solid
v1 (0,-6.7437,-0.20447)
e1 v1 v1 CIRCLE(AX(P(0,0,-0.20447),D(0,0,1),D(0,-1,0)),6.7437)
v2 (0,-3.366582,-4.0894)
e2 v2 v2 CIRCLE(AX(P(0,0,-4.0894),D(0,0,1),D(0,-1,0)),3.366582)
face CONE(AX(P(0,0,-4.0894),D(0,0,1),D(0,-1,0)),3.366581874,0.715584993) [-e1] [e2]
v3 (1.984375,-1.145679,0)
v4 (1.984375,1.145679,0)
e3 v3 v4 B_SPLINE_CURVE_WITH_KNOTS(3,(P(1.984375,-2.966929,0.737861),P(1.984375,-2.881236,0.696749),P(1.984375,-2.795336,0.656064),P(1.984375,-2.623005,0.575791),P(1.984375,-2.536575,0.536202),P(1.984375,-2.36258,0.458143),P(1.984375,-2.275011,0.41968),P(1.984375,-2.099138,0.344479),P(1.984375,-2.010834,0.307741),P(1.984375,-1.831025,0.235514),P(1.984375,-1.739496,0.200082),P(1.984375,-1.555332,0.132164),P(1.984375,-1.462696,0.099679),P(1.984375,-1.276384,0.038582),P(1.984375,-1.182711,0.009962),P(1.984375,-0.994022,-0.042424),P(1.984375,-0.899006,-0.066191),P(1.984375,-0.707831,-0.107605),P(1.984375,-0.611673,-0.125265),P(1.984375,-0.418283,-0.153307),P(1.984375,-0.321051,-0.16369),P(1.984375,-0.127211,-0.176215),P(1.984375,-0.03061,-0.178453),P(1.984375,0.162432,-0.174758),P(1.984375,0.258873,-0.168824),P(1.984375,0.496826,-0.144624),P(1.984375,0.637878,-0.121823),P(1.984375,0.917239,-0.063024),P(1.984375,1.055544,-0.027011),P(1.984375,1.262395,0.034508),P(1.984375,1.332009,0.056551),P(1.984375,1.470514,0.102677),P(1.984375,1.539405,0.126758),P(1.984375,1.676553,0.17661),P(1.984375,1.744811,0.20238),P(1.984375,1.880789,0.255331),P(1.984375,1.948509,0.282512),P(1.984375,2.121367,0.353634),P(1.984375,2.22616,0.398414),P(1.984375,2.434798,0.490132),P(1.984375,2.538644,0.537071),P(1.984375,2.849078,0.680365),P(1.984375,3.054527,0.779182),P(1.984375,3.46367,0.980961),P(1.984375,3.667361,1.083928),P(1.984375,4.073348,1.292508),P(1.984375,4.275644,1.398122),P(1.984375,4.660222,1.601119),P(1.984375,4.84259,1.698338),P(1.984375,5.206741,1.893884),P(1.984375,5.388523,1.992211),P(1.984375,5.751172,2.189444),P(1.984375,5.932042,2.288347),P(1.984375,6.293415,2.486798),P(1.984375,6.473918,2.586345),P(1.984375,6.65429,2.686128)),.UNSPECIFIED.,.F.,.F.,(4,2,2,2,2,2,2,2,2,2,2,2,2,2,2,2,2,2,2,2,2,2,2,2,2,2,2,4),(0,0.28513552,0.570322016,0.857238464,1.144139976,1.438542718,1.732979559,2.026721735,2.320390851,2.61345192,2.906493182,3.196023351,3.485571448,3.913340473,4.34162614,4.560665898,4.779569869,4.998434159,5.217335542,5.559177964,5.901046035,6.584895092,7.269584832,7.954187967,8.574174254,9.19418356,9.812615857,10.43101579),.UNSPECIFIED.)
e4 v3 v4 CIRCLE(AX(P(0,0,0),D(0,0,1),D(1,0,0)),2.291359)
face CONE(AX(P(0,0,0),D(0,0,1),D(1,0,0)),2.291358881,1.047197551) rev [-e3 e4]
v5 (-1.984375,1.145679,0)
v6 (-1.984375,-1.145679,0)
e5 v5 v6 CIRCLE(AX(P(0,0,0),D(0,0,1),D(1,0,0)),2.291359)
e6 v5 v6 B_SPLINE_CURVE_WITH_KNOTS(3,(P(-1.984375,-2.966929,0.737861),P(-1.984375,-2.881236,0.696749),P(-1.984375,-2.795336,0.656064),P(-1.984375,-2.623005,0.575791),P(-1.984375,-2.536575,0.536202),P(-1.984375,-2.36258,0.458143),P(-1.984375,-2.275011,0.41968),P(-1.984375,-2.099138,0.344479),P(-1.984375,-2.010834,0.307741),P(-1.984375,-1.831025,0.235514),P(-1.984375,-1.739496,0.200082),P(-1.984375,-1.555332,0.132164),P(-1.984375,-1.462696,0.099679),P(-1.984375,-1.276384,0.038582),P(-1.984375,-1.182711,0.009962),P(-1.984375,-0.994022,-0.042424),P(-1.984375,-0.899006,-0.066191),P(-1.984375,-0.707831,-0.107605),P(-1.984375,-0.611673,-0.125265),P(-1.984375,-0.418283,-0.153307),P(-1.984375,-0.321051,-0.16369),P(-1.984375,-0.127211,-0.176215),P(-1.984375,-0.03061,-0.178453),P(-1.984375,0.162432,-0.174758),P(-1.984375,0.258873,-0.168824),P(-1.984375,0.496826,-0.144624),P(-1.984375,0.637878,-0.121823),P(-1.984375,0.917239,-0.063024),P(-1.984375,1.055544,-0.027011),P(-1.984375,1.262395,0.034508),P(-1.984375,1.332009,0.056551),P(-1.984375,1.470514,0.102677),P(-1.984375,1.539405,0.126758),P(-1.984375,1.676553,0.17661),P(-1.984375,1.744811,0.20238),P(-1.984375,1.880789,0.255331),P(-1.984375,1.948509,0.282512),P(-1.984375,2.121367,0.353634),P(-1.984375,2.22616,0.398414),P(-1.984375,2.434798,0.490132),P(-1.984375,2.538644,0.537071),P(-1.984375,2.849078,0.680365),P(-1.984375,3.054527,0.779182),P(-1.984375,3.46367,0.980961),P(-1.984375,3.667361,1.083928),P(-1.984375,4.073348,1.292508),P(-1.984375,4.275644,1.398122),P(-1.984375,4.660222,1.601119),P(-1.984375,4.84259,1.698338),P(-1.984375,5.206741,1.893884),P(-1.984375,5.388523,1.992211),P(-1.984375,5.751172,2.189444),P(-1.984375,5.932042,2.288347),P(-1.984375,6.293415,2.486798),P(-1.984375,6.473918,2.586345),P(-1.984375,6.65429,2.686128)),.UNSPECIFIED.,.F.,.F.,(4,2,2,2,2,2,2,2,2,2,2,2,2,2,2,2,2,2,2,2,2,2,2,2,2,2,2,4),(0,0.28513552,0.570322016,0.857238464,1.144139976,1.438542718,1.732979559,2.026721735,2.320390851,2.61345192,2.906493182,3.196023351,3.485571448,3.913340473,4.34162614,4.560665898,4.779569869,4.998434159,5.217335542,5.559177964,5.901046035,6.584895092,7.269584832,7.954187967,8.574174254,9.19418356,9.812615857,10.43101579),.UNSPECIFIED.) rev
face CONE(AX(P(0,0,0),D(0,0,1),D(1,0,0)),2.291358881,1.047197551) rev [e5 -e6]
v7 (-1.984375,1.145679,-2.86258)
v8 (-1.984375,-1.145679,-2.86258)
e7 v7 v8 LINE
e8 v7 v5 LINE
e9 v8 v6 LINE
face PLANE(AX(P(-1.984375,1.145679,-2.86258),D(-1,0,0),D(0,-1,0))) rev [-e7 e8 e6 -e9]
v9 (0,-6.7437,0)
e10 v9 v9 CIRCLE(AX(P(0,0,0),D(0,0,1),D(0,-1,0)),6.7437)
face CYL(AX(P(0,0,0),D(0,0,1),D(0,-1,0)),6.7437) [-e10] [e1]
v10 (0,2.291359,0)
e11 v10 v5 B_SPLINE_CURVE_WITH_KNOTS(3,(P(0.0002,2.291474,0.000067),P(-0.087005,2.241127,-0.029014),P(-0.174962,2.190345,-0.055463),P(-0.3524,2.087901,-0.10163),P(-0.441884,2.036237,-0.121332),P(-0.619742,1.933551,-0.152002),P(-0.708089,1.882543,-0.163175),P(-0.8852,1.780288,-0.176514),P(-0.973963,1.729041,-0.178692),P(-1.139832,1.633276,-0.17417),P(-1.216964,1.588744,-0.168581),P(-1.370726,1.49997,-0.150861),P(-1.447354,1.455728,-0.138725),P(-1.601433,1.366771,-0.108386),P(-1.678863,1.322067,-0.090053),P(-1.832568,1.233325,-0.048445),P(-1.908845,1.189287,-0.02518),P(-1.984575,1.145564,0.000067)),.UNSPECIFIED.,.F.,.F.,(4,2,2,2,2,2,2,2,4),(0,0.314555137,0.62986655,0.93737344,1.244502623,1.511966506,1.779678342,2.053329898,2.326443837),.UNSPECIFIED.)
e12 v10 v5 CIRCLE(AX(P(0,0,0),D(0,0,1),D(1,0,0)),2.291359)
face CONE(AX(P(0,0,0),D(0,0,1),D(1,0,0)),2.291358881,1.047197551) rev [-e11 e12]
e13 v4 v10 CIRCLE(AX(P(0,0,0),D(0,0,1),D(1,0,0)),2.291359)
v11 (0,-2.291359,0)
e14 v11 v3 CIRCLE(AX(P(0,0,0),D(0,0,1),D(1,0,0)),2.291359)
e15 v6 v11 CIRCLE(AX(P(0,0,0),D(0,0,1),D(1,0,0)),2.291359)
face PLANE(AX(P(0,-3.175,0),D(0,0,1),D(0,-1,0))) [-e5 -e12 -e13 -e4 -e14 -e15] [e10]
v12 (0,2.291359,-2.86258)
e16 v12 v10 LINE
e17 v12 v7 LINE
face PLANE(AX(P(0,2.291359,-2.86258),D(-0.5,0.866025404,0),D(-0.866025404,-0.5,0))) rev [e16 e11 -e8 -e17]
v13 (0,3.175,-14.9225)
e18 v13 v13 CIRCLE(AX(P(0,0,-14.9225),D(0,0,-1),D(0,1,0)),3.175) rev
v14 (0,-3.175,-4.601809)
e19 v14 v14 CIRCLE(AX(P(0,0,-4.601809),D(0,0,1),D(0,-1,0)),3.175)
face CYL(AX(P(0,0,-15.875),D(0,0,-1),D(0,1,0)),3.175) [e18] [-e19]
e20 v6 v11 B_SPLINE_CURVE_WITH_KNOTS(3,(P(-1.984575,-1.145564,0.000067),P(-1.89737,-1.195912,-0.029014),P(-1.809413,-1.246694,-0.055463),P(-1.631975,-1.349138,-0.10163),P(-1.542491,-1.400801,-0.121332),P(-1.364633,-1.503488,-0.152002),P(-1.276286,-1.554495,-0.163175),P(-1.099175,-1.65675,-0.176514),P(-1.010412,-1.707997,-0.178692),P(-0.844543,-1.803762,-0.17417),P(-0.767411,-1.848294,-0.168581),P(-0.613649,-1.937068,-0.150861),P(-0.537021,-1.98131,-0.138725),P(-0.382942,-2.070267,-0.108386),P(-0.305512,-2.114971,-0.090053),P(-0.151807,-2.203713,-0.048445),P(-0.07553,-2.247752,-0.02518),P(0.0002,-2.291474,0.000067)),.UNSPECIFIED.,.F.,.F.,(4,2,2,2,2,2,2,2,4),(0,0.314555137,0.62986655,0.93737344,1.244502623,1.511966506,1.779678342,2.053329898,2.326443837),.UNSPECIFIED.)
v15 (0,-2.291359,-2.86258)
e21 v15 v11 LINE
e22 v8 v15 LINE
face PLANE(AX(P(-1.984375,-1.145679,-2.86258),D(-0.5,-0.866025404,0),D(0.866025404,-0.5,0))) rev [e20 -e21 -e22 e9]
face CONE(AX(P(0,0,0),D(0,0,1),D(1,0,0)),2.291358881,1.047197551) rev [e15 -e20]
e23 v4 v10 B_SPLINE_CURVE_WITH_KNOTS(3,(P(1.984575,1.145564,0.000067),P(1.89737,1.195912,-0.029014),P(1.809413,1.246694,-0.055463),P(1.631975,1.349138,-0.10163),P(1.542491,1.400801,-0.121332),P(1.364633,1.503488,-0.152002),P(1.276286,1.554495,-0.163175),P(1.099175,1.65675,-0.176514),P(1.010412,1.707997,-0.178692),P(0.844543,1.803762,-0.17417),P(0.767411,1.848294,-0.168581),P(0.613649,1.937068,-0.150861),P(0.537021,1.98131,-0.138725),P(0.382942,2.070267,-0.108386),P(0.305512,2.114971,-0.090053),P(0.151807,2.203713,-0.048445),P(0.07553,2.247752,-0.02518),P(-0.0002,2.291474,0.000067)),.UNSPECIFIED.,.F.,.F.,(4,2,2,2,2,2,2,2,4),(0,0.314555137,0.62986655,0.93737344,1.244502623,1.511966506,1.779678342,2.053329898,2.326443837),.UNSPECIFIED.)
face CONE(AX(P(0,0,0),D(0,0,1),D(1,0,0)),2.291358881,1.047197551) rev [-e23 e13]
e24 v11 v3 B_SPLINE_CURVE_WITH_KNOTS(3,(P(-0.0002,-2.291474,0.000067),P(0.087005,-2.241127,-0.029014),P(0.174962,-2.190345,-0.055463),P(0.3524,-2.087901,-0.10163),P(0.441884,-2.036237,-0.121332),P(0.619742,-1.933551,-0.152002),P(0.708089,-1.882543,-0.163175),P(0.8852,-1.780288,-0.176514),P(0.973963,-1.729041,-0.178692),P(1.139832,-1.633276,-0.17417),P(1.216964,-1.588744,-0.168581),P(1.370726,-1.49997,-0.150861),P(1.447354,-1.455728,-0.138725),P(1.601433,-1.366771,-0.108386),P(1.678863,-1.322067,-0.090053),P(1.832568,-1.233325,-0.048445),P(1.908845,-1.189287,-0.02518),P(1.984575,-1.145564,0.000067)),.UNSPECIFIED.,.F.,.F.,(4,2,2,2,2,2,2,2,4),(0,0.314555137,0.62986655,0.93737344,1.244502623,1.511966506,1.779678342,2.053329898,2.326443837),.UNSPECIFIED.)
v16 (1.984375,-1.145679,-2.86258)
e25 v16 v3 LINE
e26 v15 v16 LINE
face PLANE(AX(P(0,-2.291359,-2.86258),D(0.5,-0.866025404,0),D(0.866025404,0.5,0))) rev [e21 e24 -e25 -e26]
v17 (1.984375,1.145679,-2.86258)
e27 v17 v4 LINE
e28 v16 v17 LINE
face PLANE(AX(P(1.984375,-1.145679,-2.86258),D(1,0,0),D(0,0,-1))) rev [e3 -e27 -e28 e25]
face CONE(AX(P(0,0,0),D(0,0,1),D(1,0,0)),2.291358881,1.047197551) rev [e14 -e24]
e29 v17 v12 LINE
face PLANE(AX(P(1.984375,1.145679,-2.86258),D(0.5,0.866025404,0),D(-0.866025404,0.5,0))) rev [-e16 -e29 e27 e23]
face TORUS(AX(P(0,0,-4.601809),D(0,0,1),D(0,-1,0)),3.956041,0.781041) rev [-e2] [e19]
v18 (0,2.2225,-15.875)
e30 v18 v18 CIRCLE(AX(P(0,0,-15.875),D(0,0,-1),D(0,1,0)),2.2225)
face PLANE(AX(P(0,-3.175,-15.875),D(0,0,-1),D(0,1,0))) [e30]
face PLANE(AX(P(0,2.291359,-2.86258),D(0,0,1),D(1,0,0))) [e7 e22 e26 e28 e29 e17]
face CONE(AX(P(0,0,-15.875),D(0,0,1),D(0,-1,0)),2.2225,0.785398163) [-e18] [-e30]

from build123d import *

# Parameters (mm, degrees)
SKETCH1_W          = 15.875
SKETCH1_H          = 3.175
CHAMFER1_SIZE      = 0.9525
CUT_EXTRUDE2_DEPTH = 2.86258


with BuildPart() as part:
    # Sketch1 → Revolve1 (revolve)
    with BuildSketch(Plane(origin=(0, 0, 0), x_dir=(0, 0, -1), z_dir=(1, 0, 0))):
        with Locations((7.9375, 1.5875)):
            Rectangle(SKETCH1_W, SKETCH1_H)
    revolve(axis=Axis((0, 0, -15.875), (0, 0, 1)))

    # Chamfer1
    chamfer1_edges = [part.edges().sort_by_distance(p)[0] for p in [
        (0, -3.175, -15.875),
    ]]
    chamfer(chamfer1_edges, length=CHAMFER1_SIZE)

    # Sketch7 → Revolve2 (revolve)
    with BuildSketch(Plane(origin=(0, 0, 0), x_dir=(0, 0, -1), z_dir=(1, 0, 0)), mode=Mode.PRIVATE) as revolve2_sk:
        with BuildLine():
            Line((0, 6.7437), (0.20447, 6.7437))
            Line((0.20447, 6.7437), (4.0894, 3.366581874))
            ThreePointArc((4.0894, 3.366581874), (4.328282675, 3.224461616), (4.601808997, 3.175))
            Line((4.601808997, 3.175), (4.601808997, 0))
            Line((4.601808997, 0), (0, 0))
            Line((0, 0), (0, 6.7437))
        make_face()
    revolve(revolve2_sk.sketch.rotate(Axis((0, 0, 0), (0, 0, -1)), 180), axis=Axis((0, 0, 0), (0, 0, -1)))

    # Boss-Extrude1 cone 1 section (through the dimple's axis) → Boss-Extrude1 (revolve)
    with BuildSketch(Plane(origin=(0, 0, -4.601808997), x_dir=(0, -1, 0), z_dir=(1, 0, 0))):
        Polygon((0, 0), (3.175, 0), (0, 3.06606186), align=None)
    revolve(axis=Axis((0, 0, -4.601808997), (0, 0, -1)))

    # Sketch5 → Cut-Extrude2 (cut)
    with BuildSketch(Plane.XY):
        Polygon((0, 2.291358881), (-1.984375, 1.14567944), (-1.984375, -1.14567944), (0, -2.291358881), (1.984375, -1.14567944), (1.984375, 1.14567944), align=None)
    extrude(amount=-CUT_EXTRUDE2_DEPTH, mode=Mode.SUBTRACT)

    # Cut-Extrude3 cone 1 section (through the dimple's axis) → Cut-Extrude3 (revolve, cut)
    with BuildSketch(Plane(origin=(0, 0, 0), x_dir=(0, -1, 0), z_dir=(1, 0, 0))):
        Polygon((0, 0), (2.291358881, 0), (0, 1.322916667), align=None)
    revolve(axis=Axis((0, 0, 0), (0, 0, -1)), mode=Mode.SUBTRACT)


solid = part.part
